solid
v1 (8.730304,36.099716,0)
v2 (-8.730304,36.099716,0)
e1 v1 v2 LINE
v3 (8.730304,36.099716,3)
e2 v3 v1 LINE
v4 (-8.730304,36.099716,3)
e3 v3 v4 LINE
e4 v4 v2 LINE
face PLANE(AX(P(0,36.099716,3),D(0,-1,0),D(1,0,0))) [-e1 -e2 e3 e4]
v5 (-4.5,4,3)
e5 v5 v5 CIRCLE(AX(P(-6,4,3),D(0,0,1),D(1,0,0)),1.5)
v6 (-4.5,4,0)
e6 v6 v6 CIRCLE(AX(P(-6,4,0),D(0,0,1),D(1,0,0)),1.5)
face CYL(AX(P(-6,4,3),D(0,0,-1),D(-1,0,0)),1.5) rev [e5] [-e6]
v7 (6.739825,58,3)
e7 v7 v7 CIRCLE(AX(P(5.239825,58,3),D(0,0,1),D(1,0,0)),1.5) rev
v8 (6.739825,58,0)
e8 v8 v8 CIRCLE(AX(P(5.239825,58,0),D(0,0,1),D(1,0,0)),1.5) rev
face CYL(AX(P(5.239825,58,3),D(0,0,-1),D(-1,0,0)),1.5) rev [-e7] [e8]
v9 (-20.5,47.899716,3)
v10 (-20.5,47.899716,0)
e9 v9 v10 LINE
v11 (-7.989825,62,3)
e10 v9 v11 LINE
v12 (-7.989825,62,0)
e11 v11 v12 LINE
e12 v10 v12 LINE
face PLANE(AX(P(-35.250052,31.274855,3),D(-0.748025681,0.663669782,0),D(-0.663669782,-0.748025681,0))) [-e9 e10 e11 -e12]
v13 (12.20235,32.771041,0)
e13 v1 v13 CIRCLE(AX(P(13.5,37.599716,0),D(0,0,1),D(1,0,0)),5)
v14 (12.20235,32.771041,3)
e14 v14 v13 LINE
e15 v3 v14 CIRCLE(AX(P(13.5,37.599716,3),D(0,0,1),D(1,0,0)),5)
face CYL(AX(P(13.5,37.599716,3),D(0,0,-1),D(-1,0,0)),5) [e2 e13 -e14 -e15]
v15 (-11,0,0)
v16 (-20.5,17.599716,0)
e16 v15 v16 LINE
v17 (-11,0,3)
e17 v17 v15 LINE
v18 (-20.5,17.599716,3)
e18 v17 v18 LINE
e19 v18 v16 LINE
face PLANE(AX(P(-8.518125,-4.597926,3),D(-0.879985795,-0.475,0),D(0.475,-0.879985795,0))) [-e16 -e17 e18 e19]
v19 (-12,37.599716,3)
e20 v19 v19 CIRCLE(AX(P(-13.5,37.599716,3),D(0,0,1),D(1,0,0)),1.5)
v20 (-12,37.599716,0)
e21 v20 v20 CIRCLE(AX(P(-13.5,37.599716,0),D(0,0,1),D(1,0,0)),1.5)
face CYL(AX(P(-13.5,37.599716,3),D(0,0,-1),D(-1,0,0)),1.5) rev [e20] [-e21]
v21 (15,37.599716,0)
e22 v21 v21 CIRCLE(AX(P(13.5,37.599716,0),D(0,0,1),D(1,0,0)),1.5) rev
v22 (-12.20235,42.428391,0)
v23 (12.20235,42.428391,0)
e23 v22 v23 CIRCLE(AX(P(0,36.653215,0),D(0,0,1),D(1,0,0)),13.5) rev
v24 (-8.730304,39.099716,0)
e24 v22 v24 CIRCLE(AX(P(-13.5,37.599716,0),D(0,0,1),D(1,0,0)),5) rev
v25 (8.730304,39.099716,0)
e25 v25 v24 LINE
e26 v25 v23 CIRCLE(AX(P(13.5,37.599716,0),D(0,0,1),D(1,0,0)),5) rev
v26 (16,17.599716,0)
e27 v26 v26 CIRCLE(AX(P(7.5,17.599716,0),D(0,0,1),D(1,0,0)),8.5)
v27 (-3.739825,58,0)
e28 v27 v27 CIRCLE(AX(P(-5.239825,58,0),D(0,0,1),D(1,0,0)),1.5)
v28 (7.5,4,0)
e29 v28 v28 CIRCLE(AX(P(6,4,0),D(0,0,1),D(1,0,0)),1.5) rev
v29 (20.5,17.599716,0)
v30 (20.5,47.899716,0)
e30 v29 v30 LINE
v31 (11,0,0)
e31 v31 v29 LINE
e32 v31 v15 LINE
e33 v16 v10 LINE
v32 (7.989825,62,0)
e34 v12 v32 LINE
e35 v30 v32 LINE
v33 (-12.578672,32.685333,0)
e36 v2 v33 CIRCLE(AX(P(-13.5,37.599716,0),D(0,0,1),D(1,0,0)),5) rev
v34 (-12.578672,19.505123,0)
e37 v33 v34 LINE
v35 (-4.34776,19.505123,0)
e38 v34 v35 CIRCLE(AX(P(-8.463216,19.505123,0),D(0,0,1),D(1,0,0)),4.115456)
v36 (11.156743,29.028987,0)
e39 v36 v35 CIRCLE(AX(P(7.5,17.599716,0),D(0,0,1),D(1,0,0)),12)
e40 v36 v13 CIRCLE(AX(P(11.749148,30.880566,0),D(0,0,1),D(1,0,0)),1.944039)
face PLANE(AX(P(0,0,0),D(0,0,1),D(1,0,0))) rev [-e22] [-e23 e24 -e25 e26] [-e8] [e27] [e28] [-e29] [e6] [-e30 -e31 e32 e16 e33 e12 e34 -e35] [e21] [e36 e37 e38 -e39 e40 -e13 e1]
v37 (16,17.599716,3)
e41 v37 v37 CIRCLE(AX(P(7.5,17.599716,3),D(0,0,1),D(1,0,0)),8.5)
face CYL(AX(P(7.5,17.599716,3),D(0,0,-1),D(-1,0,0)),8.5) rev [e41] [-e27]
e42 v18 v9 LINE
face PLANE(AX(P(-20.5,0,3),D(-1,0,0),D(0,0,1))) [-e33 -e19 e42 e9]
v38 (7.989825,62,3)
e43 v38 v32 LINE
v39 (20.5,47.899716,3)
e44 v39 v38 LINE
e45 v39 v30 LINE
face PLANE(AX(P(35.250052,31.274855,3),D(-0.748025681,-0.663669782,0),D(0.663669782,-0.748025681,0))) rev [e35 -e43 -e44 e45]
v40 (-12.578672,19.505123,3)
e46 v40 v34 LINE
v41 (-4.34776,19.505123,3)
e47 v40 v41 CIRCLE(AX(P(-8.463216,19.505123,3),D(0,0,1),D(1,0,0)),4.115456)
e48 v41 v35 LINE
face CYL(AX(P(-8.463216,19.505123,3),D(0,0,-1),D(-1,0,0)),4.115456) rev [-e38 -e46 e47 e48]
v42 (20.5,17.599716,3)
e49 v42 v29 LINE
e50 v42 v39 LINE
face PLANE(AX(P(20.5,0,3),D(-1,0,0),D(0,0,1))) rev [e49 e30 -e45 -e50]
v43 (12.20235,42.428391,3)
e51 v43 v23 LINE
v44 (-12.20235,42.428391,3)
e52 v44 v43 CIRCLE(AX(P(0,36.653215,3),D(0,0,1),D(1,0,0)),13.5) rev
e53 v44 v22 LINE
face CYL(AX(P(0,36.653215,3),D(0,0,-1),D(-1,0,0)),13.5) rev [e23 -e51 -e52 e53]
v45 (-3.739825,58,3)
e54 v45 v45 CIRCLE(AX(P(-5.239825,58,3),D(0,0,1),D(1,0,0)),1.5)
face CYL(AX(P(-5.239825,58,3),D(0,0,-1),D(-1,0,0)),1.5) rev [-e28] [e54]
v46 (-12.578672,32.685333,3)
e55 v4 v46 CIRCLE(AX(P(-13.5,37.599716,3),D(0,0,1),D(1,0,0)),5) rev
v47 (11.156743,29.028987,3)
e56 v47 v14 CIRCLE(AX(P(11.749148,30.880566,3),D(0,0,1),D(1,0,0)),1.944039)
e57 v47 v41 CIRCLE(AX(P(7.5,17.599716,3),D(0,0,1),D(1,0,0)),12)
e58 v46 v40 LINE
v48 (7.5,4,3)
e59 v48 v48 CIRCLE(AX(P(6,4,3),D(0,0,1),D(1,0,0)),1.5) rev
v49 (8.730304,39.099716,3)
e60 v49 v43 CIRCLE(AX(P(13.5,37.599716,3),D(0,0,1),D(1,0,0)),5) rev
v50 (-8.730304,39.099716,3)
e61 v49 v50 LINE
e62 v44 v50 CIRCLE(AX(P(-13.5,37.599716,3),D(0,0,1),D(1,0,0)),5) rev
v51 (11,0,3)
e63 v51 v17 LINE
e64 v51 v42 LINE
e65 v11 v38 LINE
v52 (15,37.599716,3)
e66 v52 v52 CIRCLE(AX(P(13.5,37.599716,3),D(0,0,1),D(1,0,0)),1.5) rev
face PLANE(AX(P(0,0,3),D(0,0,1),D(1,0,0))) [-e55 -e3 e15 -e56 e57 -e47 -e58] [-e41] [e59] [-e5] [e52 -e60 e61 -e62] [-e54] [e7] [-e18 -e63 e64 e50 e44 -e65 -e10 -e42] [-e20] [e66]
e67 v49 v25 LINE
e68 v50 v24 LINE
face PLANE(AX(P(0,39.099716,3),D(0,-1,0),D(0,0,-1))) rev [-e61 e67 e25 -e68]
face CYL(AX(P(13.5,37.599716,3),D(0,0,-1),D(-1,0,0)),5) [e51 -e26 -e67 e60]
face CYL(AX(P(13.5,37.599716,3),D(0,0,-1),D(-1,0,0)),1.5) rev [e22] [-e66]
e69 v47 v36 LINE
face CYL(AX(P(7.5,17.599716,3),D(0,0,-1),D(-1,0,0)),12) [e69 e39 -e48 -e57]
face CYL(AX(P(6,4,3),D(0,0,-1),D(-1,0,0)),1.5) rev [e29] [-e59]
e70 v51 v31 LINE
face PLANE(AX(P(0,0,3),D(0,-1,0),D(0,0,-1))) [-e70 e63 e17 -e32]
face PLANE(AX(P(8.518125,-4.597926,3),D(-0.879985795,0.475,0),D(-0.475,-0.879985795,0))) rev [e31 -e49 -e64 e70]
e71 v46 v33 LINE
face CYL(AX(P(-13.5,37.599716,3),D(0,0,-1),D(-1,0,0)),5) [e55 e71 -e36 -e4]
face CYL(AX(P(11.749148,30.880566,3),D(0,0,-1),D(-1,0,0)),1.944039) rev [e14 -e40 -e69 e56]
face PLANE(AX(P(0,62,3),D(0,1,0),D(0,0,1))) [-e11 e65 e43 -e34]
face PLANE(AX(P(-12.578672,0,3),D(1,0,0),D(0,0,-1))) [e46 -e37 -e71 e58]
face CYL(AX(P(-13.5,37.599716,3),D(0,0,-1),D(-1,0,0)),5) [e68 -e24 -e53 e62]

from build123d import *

# Parameters (mm, degrees)
SKETCH_1_R      = 8.5
SKETCH_1_R_2    = 1.5
SKETCH_1_W      = 17.460607986
SKETCH_1_H      = 3
EXTRUDE_1_DEPTH = 3


with BuildPart() as part:
    # 스케치1 → 보스-돌출1 (new body)
    # profile 1 of 2: a face of its own
    with BuildSketch(Plane.XY):
        Polygon((20.5, 17.599715907), (20.5, 47.899715907), (7.989824602, 62), (-7.989824602, 62), (-20.5, 47.899715907), (-20.5, 17.599715907), (-11, 0), (11, 0), align=None)
        with Locations((7.5, 17.599715907)):
            Circle(SKETCH_1_R, mode=Mode.SUBTRACT)
        with Locations((13.5, 37.599715907)):
            Circle(SKETCH_1_R_2, mode=Mode.SUBTRACT)
        with Locations((-5.239824602, 58)):
            Circle(SKETCH_1_R_2, mode=Mode.SUBTRACT)
        with Locations((-6, 4)):
            Circle(SKETCH_1_R_2, mode=Mode.SUBTRACT)
        with Locations((-13.5, 37.599715907)):
            Circle(SKETCH_1_R_2, mode=Mode.SUBTRACT)
        with Locations((6, 4)):
            Circle(SKETCH_1_R_2, mode=Mode.SUBTRACT)
        with Locations((5.239824602, 58)):
            Circle(SKETCH_1_R_2, mode=Mode.SUBTRACT)
        with BuildLine():
            ThreePointArc((11.156743405, 29.02898656), (13.621468977, 30.35740093), (12.202349665, 32.771040767))
            ThreePointArc((12.202349665, 32.771040767), (10.039769884, 33.990449008), (8.730303993, 36.099715907))
            Line((8.730303993, 36.099715907), (8.730303993, 39.099715907))
            ThreePointArc((8.730303993, 39.099715907), (10.039769884, 41.208982805), (12.202349665, 42.428391047))
            ThreePointArc((12.202349665, 42.428391047), (0, 50.15321463), (-12.202349665, 42.428391047))
            ThreePointArc((-12.202349665, 42.428391047), (-10.039769884, 41.208982805), (-8.730303993, 39.099715907))
            Line((-8.730303993, 39.099715907), (-8.730303993, 36.099715907))
            ThreePointArc((-8.730303993, 36.099715907), (-10.181651088, 33.8595875), (-12.578672362, 32.685333404))
            Line((-12.578672362, 32.685333404), (-12.578672362, 19.505123412))
            ThreePointArc((-12.578672362, 19.505123412), (-8.463216291, 15.389667341), (-4.34776022, 19.505123412))
            ThreePointArc((-4.34776022, 19.505123412), (1.219141664, 27.824725372), (11.156743405, 29.02898656))
        make_face(mode=Mode.SUBTRACT)
    # profile 2 of 2: a face of its own
    with BuildSketch(Plane.XY):
        with Locations((0, 37.599715907)):
            Rectangle(SKETCH_1_W, SKETCH_1_H)
    extrude(amount=EXTRUDE_1_DEPTH)


solid = part.part
